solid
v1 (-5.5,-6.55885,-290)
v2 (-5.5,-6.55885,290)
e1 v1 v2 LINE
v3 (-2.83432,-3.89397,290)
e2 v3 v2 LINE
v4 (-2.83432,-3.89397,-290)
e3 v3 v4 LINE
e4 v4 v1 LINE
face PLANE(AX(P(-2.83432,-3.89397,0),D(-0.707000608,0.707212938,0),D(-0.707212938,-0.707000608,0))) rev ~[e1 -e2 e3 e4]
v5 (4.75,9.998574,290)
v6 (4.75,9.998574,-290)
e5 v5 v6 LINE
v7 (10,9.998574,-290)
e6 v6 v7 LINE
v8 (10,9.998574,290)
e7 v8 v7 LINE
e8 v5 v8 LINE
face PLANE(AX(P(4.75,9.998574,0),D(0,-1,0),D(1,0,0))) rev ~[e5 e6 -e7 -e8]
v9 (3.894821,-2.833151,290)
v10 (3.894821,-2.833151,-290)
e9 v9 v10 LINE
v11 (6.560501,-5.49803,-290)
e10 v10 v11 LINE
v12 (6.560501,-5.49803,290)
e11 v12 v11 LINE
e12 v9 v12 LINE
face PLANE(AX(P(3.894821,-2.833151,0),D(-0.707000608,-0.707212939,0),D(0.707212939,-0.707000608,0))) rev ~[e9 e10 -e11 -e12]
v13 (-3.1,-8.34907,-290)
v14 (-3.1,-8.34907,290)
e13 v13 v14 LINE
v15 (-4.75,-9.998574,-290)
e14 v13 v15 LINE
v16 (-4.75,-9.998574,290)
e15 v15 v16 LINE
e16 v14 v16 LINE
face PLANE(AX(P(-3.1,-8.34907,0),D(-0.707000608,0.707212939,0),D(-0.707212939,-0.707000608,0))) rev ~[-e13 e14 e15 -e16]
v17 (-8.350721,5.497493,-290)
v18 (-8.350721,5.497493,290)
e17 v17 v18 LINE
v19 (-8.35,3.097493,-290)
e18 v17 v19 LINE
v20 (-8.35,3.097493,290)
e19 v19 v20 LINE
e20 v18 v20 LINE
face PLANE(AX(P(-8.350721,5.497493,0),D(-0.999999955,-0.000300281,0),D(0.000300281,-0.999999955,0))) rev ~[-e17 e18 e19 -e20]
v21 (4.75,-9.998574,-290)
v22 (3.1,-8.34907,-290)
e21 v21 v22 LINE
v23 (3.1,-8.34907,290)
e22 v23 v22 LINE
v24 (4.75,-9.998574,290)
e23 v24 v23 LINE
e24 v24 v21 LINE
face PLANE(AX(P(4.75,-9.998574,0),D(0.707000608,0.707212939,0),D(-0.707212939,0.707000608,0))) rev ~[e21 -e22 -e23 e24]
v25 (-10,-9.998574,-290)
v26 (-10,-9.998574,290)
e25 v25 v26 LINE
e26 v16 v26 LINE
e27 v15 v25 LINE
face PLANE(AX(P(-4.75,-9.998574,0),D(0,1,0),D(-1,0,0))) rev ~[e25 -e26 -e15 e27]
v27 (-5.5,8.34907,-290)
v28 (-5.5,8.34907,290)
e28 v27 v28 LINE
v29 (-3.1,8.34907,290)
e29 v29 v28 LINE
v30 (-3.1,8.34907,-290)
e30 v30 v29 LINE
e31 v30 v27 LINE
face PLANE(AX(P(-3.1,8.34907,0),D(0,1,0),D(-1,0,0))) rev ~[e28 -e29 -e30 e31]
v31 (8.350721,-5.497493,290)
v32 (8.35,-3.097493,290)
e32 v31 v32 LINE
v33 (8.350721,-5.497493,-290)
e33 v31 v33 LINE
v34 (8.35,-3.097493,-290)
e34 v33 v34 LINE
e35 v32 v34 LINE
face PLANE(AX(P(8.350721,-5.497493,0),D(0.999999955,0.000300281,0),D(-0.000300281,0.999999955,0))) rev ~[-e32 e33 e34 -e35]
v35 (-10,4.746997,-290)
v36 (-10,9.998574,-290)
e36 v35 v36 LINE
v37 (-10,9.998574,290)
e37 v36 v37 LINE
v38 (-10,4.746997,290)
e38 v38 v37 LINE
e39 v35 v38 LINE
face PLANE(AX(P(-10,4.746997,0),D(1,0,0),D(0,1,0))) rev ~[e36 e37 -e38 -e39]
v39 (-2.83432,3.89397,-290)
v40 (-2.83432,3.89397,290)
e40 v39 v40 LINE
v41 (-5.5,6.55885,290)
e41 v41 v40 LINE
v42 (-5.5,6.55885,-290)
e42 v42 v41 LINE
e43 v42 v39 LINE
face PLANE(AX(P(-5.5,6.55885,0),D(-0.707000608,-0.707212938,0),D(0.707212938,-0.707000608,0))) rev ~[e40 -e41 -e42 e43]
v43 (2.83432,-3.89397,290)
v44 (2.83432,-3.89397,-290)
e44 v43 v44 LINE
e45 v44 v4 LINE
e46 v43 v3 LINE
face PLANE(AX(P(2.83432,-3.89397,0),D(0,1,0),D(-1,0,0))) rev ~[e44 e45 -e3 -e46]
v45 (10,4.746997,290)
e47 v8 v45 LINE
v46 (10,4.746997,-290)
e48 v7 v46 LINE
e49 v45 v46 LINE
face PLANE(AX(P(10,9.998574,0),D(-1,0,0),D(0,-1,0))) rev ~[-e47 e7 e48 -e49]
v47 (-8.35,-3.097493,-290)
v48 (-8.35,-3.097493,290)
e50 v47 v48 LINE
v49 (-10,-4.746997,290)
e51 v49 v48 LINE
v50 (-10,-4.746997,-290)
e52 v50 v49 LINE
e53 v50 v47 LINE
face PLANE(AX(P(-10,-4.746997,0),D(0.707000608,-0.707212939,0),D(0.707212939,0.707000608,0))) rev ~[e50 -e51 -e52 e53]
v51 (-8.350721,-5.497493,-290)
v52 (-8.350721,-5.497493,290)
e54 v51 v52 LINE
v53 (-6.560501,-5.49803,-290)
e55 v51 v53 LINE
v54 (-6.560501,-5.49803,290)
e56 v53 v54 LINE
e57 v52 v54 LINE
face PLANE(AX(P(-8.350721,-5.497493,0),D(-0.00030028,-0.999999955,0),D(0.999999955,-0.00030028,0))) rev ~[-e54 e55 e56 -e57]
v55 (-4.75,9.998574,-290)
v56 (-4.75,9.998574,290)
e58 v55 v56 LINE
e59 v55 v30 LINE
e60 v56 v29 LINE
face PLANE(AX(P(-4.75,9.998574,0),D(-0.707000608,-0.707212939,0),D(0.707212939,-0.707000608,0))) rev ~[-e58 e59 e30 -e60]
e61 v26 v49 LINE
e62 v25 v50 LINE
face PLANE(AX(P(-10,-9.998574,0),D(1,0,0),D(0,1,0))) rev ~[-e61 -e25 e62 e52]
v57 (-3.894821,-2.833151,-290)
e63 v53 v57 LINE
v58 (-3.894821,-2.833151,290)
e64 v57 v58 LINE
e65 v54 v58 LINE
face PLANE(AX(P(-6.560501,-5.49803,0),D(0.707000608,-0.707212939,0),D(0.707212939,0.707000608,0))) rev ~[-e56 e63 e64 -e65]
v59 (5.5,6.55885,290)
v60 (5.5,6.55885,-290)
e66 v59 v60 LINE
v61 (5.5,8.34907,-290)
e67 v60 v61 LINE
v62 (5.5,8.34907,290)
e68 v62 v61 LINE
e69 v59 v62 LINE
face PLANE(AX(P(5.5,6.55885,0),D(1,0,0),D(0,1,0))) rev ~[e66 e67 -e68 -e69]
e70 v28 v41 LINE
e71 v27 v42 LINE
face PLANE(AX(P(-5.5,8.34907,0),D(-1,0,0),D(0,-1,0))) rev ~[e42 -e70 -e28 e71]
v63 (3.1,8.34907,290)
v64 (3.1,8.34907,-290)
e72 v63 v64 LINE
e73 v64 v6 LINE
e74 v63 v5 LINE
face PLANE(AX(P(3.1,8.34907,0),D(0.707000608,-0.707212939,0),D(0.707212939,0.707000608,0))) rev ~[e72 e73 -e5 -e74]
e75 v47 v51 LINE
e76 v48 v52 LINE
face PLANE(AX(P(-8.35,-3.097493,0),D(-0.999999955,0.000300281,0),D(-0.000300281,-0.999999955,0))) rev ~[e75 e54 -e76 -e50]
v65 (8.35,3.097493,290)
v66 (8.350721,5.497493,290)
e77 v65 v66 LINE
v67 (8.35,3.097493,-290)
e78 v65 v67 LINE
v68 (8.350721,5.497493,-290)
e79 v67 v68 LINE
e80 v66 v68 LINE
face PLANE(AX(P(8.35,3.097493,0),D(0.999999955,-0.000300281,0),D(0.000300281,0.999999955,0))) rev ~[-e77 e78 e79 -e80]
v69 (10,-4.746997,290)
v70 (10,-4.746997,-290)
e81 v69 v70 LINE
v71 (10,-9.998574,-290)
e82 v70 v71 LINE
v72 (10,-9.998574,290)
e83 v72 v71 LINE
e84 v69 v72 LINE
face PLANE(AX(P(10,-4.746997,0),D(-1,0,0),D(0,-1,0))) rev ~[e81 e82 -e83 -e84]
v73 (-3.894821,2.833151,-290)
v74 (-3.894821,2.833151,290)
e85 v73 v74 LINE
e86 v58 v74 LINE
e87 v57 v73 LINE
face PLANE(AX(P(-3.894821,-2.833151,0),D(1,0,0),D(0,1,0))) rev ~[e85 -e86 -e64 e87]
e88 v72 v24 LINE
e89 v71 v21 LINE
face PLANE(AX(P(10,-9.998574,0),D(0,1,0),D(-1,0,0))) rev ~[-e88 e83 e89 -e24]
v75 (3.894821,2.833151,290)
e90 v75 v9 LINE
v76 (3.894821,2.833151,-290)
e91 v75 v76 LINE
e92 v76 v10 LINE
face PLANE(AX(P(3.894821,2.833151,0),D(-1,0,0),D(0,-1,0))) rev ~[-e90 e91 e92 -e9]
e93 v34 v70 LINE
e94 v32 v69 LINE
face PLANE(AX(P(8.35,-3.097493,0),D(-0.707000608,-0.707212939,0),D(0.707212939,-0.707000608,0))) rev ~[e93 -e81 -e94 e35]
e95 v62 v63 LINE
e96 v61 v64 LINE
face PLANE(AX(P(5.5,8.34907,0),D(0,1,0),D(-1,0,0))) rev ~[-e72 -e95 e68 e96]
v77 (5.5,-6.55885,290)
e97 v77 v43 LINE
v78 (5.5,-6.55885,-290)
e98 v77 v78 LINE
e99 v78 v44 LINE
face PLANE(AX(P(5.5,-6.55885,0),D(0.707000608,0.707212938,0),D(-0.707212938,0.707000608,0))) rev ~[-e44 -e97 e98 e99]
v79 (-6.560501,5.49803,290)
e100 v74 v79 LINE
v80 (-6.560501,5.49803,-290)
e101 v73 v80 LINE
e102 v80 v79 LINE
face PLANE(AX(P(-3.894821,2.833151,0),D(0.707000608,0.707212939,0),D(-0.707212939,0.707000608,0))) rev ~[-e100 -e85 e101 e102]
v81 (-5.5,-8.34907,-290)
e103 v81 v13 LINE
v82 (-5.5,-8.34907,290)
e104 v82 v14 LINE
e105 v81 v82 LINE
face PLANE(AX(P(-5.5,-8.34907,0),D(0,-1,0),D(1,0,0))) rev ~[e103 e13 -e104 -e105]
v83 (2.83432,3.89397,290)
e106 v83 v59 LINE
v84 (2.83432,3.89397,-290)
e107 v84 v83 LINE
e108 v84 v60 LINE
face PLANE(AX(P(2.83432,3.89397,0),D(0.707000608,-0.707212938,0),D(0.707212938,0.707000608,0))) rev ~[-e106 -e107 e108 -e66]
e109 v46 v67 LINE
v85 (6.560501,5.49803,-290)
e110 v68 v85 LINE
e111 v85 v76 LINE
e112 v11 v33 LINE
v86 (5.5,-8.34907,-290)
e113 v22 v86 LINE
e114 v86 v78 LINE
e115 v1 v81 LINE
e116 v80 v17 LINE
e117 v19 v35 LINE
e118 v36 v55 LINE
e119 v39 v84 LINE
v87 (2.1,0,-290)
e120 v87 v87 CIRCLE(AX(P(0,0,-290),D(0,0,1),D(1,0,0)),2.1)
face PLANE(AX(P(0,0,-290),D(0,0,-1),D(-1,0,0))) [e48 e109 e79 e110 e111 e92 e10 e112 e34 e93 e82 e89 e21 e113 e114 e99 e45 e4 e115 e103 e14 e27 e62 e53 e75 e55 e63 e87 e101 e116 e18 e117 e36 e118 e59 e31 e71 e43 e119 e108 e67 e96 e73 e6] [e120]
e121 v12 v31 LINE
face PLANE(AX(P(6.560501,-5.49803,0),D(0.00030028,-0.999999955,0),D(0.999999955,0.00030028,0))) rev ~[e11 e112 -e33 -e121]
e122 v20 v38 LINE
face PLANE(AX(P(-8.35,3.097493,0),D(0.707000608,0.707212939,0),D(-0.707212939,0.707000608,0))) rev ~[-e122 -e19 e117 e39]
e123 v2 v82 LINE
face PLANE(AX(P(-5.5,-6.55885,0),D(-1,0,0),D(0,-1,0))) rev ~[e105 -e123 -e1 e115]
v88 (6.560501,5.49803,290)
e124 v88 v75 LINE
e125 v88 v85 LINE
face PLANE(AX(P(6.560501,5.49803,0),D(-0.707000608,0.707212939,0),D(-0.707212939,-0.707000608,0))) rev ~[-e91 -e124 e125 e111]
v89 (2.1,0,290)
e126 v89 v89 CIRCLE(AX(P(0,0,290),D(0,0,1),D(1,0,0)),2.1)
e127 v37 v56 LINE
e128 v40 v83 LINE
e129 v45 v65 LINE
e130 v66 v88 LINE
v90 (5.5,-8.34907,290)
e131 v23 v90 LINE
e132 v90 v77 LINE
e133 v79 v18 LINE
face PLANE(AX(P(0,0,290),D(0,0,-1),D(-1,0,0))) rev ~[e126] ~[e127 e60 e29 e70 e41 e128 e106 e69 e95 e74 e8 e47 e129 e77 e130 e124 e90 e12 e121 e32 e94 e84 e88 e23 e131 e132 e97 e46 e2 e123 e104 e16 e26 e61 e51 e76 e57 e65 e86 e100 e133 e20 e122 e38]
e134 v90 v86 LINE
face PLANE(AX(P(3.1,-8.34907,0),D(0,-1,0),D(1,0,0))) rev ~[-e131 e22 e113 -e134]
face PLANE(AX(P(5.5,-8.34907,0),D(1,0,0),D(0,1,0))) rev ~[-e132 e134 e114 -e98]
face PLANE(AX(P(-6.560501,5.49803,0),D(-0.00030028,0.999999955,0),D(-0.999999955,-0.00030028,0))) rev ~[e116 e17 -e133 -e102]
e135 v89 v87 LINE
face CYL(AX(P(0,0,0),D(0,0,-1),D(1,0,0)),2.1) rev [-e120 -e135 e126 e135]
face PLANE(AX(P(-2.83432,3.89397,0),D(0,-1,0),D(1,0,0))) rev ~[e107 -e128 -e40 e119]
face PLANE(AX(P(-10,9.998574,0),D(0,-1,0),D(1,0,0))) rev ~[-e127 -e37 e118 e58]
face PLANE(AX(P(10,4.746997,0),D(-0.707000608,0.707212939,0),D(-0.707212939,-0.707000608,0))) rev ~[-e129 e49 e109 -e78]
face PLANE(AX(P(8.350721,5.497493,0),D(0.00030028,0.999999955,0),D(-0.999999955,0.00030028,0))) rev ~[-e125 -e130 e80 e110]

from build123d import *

# Parameters (mm, degrees)
SKETCH1_R           = 2.1
BOSS_EXTRUDE1_DEPTH = 290


with BuildPart() as part:
    # Sketch1 → Boss-Extrude1 (new, symmetric)
    with BuildSketch(Plane.XY):
        Polygon((2.834320347, 3.893970342), (5.5, 6.558849663), (5.5, 8.349069506), (3.1, 8.349069506), (4.75, 9.998574117), (10, 9.998574117), (10, 4.746997406), (8.35, 3.097492795), (8.350720674, 5.497492687), (6.560500912, 5.498030255), (3.894821259, 2.833150935), (3.894821259, -2.833150935), (6.560500912, -5.498030255), (8.350720674, -5.497492687), (8.35, -3.097492795), (10, -4.746997406), (10, -9.998574117), (4.75, -9.998574117), (3.1, -8.349069506), (5.5, -8.349069506), (5.5, -6.558849663), (2.834320347, -3.893970342), (-2.834320347, -3.893970342), (-5.5, -6.558849663), (-5.5, -8.349069506), (-3.1, -8.349069506), (-4.75, -9.998574117), (-10, -9.998574117), (-10, -4.746997406), (-8.35, -3.097492795), (-8.350720674, -5.497492687), (-6.560500912, -5.498030255), (-3.894821259, -2.833150935), (-3.894821259, 2.833150935), (-6.560500912, 5.498030255), (-8.350720674, 5.497492687), (-8.35, 3.097492795), (-10, 4.746997406), (-10, 9.998574117), (-4.75, 9.998574117), (-3.1, 8.349069506), (-5.5, 8.349069506), (-5.5, 6.558849663), (-2.834320347, 3.893970342), align=None)
        Circle(SKETCH1_R, mode=Mode.SUBTRACT)
    extrude(amount=BOSS_EXTRUDE1_DEPTH, both=True)


solid = part.part
